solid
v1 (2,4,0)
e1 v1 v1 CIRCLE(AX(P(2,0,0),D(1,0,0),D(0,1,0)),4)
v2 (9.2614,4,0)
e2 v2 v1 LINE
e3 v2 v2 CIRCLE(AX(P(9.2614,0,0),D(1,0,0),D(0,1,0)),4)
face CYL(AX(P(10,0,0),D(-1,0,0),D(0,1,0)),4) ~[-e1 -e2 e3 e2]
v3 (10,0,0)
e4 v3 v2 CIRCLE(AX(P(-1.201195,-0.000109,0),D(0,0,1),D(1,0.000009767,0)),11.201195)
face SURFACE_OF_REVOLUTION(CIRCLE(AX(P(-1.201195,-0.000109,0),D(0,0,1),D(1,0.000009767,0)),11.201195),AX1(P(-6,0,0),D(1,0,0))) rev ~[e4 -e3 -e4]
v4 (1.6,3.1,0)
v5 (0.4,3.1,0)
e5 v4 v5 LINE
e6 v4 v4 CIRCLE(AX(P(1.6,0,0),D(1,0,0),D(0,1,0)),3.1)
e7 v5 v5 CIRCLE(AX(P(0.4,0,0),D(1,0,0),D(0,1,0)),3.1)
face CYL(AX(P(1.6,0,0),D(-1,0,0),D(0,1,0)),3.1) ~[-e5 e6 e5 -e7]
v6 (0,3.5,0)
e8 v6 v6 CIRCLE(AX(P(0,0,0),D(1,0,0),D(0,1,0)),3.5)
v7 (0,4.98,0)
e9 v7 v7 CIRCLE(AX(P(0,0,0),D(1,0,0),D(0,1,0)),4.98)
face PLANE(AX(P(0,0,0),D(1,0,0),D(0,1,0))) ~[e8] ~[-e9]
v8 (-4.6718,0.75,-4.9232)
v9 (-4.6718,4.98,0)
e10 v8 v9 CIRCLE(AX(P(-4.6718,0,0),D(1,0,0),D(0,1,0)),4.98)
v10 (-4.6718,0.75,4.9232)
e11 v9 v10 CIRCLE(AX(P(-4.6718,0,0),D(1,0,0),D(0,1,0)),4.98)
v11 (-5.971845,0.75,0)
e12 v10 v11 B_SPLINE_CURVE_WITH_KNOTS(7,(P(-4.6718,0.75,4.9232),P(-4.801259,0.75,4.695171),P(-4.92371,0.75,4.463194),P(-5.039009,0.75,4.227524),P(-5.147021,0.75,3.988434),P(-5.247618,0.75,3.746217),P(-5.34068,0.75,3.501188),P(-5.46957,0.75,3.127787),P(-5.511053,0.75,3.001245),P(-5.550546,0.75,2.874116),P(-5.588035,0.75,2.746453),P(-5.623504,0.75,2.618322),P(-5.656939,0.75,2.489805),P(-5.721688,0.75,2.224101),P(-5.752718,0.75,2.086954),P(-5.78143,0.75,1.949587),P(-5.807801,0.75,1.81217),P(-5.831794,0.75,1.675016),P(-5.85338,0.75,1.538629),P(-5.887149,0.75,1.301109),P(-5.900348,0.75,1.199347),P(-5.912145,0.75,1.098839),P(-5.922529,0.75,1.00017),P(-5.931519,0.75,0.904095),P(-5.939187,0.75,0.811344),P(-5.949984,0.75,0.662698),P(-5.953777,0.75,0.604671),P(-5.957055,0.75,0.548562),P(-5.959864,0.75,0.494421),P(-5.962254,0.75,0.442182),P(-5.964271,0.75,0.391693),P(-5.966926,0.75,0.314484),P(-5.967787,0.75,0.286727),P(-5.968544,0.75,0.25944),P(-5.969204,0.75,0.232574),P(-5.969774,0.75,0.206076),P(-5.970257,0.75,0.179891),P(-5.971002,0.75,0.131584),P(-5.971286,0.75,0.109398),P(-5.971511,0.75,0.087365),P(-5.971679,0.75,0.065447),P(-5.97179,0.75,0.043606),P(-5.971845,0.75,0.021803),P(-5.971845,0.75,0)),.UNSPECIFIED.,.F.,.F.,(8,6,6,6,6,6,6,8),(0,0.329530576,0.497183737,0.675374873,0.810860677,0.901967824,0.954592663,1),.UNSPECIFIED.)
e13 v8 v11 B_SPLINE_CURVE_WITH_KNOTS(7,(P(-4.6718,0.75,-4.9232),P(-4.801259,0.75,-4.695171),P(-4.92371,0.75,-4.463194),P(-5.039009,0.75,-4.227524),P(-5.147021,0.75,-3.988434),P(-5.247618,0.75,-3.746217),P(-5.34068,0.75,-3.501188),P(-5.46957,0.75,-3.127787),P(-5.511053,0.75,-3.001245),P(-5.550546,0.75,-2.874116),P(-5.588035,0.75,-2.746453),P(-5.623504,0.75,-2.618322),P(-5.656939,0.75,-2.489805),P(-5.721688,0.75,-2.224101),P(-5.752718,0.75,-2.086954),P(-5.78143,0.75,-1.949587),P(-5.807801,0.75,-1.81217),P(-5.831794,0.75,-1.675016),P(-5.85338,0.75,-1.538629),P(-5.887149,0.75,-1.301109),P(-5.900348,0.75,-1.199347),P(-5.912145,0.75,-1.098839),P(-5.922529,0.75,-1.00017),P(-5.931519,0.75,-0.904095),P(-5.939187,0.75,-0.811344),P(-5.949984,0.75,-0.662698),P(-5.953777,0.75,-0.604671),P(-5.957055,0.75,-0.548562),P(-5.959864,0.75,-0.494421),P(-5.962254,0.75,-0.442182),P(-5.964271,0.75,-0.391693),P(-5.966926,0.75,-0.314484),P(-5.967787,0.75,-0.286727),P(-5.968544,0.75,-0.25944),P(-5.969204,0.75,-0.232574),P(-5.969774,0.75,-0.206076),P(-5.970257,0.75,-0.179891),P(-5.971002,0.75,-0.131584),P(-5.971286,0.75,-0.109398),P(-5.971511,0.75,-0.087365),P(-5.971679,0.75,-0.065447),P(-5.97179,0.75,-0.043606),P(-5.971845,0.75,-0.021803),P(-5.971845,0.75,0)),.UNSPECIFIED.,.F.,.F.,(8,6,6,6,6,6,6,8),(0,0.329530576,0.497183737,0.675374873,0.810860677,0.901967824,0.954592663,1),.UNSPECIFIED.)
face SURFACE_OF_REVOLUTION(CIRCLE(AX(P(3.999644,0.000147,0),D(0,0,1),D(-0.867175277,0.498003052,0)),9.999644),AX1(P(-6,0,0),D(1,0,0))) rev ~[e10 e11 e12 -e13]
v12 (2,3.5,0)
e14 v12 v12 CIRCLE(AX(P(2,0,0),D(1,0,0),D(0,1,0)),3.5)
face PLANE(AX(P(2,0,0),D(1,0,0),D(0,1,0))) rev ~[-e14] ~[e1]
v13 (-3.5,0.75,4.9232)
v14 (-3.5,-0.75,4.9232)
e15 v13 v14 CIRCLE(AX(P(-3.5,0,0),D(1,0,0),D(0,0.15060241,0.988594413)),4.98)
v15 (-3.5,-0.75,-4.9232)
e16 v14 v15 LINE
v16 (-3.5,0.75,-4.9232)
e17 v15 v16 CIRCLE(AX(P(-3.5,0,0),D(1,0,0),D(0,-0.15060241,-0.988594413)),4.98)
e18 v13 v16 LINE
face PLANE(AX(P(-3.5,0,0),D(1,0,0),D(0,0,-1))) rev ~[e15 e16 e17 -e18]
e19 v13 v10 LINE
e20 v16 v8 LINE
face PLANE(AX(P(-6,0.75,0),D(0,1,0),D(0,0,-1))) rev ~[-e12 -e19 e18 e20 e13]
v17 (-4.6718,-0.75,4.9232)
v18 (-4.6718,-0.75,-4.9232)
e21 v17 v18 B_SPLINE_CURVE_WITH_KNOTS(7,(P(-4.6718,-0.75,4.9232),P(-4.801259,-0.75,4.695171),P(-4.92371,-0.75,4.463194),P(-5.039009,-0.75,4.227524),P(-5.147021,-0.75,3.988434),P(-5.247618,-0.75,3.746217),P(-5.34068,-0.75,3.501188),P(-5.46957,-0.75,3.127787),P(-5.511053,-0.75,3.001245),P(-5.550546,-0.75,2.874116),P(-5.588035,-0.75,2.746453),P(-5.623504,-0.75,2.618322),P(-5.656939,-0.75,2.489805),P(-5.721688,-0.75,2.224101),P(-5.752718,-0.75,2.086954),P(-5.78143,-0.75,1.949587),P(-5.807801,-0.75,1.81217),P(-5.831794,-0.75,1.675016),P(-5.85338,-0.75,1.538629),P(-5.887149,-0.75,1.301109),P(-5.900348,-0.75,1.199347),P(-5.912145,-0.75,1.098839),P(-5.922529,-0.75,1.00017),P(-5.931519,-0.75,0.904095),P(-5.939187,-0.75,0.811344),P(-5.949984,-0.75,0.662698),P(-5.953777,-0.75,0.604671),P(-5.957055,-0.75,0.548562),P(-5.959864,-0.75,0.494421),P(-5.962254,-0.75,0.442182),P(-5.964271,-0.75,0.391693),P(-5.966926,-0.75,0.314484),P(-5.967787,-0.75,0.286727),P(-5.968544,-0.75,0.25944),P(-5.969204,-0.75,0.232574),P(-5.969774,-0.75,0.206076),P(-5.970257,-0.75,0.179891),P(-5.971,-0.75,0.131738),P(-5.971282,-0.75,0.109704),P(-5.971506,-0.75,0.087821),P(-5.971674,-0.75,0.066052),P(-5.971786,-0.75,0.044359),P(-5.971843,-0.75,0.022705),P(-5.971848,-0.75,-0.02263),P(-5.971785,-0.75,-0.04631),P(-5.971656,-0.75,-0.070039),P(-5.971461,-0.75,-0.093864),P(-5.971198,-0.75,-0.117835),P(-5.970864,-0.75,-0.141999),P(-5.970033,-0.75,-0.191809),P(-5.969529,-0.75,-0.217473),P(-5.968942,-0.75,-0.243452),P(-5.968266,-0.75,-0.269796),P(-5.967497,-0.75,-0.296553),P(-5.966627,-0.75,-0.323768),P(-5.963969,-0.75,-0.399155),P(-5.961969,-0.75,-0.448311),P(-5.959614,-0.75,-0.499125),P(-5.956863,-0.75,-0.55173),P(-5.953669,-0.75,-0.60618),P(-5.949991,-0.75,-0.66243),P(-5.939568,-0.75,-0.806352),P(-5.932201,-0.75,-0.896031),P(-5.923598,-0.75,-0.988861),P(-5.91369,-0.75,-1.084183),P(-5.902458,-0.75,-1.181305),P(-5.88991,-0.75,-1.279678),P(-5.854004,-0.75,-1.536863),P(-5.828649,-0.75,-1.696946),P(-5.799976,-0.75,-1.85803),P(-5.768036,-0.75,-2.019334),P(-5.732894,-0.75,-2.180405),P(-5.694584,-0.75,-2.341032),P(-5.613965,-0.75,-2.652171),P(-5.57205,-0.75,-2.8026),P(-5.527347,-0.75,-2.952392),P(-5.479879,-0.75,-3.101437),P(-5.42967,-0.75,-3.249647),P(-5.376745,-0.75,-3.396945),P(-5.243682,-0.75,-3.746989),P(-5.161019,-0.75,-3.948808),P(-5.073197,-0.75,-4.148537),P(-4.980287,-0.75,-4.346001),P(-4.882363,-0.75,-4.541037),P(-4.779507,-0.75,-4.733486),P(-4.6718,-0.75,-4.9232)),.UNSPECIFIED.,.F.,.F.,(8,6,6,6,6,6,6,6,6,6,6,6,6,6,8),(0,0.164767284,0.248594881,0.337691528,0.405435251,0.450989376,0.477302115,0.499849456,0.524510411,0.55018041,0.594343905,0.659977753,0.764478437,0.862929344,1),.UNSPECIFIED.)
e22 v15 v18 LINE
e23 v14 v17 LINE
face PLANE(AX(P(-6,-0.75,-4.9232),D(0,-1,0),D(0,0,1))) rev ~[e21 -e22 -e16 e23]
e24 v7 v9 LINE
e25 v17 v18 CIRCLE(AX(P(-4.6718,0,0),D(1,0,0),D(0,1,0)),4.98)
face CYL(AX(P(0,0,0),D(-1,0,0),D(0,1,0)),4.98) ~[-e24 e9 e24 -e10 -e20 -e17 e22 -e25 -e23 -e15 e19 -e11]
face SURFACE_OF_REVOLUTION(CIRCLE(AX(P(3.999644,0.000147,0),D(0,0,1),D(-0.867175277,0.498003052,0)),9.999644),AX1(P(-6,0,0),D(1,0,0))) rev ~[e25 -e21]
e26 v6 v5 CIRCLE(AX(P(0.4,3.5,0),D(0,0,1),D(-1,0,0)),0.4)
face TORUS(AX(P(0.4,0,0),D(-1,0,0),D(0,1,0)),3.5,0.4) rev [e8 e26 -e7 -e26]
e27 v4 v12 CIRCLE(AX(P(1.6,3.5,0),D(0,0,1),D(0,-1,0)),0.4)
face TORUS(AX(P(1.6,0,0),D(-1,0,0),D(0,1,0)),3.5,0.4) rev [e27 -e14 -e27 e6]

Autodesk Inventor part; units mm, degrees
ref_plane "YZ Plane" through (0, 0, 0) normal (1, 0, 0) x (0, 1, 0)
sketch "草图1" plane through (0, 0, 0) normal (0, 0, 1) x (1, 0, 0)
  line L0 (-9.6282, 0) -> (13.485, 0) projected
  line L1 (0, -1.0134) -> (0, 6.0805) projected
  line L2 (-6, 0) -> (10, 0)
  line L3 (10, 0) -> (10, 4)
  line L4 (10, 4) -> (0, 4)
  line L5 (0, 4) -> (0, 4.98)
  line L6 (0, 4.98) -> (-4.6718, 4.98)
  arc A0 (-4.6718, 4.98) -> (-6, 0) centre (4, 0) ccw
  line L7 (0, 4) -> (2, 4)
  line L8 (2, 3.1) -> (0, 3.1) construction
  line L9 (0, 4.35) -> (0, 4)
  line L10 (0, 4.35) -> (0, 3.1) construction
  line L11 (2, 4.35) -> (2, 3.1) construction
  arc A1 (10, 0) -> (9.2614, 4) centre (-1.2, 0) ccw
  line L12 (2, 4) -> (2, 3.5)
  line L13 (1.6, 3.1) -> (0.4, 3.1)
  line L14 (0, 3.5) -> (0, 4)
  arc A2 (0, 3.5) -> (0.4, 3.1) centre (0.4, 3.5) ccw
  arc A3 (1.6, 3.1) -> (2, 3.5) centre (1.6, 3.5) ccw
  dimension "d0" = 10
  dimension "d1" = 6
  dimension "d2" = 8
  dimension "d3" = 9.96
  dimension "d4" = 10
  dimension "d10" = 6.2
  dimension "d11" = 2
  dimension "d12" = 11.2
  dimension "d23" = 0.4
revolve "轴承体" add sketch "草图1" angle 360 about axis through (-6, 0, 0) along (1, 0, 0)
ref_plane "Work Plane1" through (-6, 0, 0) normal (1, 0, 0) x (0, 0, -1)
sketch "草图2" plane through (-6, 0, 0) normal (1, 0, 0) x (0, 0, -1)
  circle A0 centre (0, 0) radius 4.98 projected
  line L0 (0, -6.972) -> (0, 6.972) projected
  line L1 (6.972, 0) -> (-6.972, 0) projected
  line L2 (-4.98, 0.75) -> (4.98, 0.75)
  line L3 (4.98, 0.75) -> (4.98, -0.75)
  line L4 (4.98, -0.75) -> (-4.98, -0.75)
  line L5 (-4.98, -0.75) -> (-4.98, 0.75)
  line L6 (-4.98, 0) -> (4.98, 0) construction
  line L7 (0, 0.75) -> (0, -0.75) construction
  dimension "d7" = 1.5
extrude "开槽" cut sketch "草图2" along normal blind 2.5 contours L1 L0 L2 A0 | L3 L4 A0 | A0 L4 L0 L1 | A0 L2 L3 | L1 A0 L2 L0 | L0 L4 A0 L1 | L5 L2 A0 | A0 L4 L5
thread "螺纹" size "M8x1.25" designation "M8" class "6g" standard "GB Metric profile" length 10
revolve "圆角1" cut sketch "草图1" angle 360 about axis through (-6, 0, 0) along (1, 0, 0) contours A1 L4 L3
revolve "沟槽1" cut sketch "草图1" angle 360 about axis through (-6, 0, 0) along (1, 0, 0) contours L1 L4 L12 A3 L13 A2
ref_plane "Work Plane2" through (5, 0, 0) normal (0, 0, -1) x (1, 0, 0)
equation "\"d7\" = SBR"
equation "\"d8\" = STI"
equation "\"d0\" = GEL"
equation "\"d1\" = SHL"
equation "\"d2\" = NND"
equation "\"d3\" = KOD"
equation "\"d4\" = KR"
equation "\"d10\" = GDM"
equation "\"d11\" = GAL"
equation "\"d12\" = 1.4 * NND"
equation "\"d23\" = R1"
equation "\"d13\" = GEL"
equation "\"NND\" = 8"
equation "\"GEL\" = KR"
equation "\"KOD\" = 9.96"
equation "\"STI\" = 2.5"
equation "\"SBR\" = 1.5"
equation "\"GAL\" = 2"
equation "\"KR\" = 10"
equation "\"BDM\" = 9.96"
equation "\"GDM\" = 6.2"
equation "\"SHL\" = KOH"
equation "\"d6\" = -SHL"
equation "\"R1\" = 0.4"
equation "\"GUL\" = 0.61345 * PTC"
equation "\"KOH\" = 6"
equation "\"THREADDIA\" = 8"
equation "\"TOA\" = 30deg"
equation "\"NLG\" = 16"
equation "\"PTC\" = 1.25"
equation "\"RR1\" = 8"
equation "\"GD1\" = THREADDIA - 1.2269 * PTC"
properties part number "螺钉 GB 831 M8 x 6" material "钢，软"
